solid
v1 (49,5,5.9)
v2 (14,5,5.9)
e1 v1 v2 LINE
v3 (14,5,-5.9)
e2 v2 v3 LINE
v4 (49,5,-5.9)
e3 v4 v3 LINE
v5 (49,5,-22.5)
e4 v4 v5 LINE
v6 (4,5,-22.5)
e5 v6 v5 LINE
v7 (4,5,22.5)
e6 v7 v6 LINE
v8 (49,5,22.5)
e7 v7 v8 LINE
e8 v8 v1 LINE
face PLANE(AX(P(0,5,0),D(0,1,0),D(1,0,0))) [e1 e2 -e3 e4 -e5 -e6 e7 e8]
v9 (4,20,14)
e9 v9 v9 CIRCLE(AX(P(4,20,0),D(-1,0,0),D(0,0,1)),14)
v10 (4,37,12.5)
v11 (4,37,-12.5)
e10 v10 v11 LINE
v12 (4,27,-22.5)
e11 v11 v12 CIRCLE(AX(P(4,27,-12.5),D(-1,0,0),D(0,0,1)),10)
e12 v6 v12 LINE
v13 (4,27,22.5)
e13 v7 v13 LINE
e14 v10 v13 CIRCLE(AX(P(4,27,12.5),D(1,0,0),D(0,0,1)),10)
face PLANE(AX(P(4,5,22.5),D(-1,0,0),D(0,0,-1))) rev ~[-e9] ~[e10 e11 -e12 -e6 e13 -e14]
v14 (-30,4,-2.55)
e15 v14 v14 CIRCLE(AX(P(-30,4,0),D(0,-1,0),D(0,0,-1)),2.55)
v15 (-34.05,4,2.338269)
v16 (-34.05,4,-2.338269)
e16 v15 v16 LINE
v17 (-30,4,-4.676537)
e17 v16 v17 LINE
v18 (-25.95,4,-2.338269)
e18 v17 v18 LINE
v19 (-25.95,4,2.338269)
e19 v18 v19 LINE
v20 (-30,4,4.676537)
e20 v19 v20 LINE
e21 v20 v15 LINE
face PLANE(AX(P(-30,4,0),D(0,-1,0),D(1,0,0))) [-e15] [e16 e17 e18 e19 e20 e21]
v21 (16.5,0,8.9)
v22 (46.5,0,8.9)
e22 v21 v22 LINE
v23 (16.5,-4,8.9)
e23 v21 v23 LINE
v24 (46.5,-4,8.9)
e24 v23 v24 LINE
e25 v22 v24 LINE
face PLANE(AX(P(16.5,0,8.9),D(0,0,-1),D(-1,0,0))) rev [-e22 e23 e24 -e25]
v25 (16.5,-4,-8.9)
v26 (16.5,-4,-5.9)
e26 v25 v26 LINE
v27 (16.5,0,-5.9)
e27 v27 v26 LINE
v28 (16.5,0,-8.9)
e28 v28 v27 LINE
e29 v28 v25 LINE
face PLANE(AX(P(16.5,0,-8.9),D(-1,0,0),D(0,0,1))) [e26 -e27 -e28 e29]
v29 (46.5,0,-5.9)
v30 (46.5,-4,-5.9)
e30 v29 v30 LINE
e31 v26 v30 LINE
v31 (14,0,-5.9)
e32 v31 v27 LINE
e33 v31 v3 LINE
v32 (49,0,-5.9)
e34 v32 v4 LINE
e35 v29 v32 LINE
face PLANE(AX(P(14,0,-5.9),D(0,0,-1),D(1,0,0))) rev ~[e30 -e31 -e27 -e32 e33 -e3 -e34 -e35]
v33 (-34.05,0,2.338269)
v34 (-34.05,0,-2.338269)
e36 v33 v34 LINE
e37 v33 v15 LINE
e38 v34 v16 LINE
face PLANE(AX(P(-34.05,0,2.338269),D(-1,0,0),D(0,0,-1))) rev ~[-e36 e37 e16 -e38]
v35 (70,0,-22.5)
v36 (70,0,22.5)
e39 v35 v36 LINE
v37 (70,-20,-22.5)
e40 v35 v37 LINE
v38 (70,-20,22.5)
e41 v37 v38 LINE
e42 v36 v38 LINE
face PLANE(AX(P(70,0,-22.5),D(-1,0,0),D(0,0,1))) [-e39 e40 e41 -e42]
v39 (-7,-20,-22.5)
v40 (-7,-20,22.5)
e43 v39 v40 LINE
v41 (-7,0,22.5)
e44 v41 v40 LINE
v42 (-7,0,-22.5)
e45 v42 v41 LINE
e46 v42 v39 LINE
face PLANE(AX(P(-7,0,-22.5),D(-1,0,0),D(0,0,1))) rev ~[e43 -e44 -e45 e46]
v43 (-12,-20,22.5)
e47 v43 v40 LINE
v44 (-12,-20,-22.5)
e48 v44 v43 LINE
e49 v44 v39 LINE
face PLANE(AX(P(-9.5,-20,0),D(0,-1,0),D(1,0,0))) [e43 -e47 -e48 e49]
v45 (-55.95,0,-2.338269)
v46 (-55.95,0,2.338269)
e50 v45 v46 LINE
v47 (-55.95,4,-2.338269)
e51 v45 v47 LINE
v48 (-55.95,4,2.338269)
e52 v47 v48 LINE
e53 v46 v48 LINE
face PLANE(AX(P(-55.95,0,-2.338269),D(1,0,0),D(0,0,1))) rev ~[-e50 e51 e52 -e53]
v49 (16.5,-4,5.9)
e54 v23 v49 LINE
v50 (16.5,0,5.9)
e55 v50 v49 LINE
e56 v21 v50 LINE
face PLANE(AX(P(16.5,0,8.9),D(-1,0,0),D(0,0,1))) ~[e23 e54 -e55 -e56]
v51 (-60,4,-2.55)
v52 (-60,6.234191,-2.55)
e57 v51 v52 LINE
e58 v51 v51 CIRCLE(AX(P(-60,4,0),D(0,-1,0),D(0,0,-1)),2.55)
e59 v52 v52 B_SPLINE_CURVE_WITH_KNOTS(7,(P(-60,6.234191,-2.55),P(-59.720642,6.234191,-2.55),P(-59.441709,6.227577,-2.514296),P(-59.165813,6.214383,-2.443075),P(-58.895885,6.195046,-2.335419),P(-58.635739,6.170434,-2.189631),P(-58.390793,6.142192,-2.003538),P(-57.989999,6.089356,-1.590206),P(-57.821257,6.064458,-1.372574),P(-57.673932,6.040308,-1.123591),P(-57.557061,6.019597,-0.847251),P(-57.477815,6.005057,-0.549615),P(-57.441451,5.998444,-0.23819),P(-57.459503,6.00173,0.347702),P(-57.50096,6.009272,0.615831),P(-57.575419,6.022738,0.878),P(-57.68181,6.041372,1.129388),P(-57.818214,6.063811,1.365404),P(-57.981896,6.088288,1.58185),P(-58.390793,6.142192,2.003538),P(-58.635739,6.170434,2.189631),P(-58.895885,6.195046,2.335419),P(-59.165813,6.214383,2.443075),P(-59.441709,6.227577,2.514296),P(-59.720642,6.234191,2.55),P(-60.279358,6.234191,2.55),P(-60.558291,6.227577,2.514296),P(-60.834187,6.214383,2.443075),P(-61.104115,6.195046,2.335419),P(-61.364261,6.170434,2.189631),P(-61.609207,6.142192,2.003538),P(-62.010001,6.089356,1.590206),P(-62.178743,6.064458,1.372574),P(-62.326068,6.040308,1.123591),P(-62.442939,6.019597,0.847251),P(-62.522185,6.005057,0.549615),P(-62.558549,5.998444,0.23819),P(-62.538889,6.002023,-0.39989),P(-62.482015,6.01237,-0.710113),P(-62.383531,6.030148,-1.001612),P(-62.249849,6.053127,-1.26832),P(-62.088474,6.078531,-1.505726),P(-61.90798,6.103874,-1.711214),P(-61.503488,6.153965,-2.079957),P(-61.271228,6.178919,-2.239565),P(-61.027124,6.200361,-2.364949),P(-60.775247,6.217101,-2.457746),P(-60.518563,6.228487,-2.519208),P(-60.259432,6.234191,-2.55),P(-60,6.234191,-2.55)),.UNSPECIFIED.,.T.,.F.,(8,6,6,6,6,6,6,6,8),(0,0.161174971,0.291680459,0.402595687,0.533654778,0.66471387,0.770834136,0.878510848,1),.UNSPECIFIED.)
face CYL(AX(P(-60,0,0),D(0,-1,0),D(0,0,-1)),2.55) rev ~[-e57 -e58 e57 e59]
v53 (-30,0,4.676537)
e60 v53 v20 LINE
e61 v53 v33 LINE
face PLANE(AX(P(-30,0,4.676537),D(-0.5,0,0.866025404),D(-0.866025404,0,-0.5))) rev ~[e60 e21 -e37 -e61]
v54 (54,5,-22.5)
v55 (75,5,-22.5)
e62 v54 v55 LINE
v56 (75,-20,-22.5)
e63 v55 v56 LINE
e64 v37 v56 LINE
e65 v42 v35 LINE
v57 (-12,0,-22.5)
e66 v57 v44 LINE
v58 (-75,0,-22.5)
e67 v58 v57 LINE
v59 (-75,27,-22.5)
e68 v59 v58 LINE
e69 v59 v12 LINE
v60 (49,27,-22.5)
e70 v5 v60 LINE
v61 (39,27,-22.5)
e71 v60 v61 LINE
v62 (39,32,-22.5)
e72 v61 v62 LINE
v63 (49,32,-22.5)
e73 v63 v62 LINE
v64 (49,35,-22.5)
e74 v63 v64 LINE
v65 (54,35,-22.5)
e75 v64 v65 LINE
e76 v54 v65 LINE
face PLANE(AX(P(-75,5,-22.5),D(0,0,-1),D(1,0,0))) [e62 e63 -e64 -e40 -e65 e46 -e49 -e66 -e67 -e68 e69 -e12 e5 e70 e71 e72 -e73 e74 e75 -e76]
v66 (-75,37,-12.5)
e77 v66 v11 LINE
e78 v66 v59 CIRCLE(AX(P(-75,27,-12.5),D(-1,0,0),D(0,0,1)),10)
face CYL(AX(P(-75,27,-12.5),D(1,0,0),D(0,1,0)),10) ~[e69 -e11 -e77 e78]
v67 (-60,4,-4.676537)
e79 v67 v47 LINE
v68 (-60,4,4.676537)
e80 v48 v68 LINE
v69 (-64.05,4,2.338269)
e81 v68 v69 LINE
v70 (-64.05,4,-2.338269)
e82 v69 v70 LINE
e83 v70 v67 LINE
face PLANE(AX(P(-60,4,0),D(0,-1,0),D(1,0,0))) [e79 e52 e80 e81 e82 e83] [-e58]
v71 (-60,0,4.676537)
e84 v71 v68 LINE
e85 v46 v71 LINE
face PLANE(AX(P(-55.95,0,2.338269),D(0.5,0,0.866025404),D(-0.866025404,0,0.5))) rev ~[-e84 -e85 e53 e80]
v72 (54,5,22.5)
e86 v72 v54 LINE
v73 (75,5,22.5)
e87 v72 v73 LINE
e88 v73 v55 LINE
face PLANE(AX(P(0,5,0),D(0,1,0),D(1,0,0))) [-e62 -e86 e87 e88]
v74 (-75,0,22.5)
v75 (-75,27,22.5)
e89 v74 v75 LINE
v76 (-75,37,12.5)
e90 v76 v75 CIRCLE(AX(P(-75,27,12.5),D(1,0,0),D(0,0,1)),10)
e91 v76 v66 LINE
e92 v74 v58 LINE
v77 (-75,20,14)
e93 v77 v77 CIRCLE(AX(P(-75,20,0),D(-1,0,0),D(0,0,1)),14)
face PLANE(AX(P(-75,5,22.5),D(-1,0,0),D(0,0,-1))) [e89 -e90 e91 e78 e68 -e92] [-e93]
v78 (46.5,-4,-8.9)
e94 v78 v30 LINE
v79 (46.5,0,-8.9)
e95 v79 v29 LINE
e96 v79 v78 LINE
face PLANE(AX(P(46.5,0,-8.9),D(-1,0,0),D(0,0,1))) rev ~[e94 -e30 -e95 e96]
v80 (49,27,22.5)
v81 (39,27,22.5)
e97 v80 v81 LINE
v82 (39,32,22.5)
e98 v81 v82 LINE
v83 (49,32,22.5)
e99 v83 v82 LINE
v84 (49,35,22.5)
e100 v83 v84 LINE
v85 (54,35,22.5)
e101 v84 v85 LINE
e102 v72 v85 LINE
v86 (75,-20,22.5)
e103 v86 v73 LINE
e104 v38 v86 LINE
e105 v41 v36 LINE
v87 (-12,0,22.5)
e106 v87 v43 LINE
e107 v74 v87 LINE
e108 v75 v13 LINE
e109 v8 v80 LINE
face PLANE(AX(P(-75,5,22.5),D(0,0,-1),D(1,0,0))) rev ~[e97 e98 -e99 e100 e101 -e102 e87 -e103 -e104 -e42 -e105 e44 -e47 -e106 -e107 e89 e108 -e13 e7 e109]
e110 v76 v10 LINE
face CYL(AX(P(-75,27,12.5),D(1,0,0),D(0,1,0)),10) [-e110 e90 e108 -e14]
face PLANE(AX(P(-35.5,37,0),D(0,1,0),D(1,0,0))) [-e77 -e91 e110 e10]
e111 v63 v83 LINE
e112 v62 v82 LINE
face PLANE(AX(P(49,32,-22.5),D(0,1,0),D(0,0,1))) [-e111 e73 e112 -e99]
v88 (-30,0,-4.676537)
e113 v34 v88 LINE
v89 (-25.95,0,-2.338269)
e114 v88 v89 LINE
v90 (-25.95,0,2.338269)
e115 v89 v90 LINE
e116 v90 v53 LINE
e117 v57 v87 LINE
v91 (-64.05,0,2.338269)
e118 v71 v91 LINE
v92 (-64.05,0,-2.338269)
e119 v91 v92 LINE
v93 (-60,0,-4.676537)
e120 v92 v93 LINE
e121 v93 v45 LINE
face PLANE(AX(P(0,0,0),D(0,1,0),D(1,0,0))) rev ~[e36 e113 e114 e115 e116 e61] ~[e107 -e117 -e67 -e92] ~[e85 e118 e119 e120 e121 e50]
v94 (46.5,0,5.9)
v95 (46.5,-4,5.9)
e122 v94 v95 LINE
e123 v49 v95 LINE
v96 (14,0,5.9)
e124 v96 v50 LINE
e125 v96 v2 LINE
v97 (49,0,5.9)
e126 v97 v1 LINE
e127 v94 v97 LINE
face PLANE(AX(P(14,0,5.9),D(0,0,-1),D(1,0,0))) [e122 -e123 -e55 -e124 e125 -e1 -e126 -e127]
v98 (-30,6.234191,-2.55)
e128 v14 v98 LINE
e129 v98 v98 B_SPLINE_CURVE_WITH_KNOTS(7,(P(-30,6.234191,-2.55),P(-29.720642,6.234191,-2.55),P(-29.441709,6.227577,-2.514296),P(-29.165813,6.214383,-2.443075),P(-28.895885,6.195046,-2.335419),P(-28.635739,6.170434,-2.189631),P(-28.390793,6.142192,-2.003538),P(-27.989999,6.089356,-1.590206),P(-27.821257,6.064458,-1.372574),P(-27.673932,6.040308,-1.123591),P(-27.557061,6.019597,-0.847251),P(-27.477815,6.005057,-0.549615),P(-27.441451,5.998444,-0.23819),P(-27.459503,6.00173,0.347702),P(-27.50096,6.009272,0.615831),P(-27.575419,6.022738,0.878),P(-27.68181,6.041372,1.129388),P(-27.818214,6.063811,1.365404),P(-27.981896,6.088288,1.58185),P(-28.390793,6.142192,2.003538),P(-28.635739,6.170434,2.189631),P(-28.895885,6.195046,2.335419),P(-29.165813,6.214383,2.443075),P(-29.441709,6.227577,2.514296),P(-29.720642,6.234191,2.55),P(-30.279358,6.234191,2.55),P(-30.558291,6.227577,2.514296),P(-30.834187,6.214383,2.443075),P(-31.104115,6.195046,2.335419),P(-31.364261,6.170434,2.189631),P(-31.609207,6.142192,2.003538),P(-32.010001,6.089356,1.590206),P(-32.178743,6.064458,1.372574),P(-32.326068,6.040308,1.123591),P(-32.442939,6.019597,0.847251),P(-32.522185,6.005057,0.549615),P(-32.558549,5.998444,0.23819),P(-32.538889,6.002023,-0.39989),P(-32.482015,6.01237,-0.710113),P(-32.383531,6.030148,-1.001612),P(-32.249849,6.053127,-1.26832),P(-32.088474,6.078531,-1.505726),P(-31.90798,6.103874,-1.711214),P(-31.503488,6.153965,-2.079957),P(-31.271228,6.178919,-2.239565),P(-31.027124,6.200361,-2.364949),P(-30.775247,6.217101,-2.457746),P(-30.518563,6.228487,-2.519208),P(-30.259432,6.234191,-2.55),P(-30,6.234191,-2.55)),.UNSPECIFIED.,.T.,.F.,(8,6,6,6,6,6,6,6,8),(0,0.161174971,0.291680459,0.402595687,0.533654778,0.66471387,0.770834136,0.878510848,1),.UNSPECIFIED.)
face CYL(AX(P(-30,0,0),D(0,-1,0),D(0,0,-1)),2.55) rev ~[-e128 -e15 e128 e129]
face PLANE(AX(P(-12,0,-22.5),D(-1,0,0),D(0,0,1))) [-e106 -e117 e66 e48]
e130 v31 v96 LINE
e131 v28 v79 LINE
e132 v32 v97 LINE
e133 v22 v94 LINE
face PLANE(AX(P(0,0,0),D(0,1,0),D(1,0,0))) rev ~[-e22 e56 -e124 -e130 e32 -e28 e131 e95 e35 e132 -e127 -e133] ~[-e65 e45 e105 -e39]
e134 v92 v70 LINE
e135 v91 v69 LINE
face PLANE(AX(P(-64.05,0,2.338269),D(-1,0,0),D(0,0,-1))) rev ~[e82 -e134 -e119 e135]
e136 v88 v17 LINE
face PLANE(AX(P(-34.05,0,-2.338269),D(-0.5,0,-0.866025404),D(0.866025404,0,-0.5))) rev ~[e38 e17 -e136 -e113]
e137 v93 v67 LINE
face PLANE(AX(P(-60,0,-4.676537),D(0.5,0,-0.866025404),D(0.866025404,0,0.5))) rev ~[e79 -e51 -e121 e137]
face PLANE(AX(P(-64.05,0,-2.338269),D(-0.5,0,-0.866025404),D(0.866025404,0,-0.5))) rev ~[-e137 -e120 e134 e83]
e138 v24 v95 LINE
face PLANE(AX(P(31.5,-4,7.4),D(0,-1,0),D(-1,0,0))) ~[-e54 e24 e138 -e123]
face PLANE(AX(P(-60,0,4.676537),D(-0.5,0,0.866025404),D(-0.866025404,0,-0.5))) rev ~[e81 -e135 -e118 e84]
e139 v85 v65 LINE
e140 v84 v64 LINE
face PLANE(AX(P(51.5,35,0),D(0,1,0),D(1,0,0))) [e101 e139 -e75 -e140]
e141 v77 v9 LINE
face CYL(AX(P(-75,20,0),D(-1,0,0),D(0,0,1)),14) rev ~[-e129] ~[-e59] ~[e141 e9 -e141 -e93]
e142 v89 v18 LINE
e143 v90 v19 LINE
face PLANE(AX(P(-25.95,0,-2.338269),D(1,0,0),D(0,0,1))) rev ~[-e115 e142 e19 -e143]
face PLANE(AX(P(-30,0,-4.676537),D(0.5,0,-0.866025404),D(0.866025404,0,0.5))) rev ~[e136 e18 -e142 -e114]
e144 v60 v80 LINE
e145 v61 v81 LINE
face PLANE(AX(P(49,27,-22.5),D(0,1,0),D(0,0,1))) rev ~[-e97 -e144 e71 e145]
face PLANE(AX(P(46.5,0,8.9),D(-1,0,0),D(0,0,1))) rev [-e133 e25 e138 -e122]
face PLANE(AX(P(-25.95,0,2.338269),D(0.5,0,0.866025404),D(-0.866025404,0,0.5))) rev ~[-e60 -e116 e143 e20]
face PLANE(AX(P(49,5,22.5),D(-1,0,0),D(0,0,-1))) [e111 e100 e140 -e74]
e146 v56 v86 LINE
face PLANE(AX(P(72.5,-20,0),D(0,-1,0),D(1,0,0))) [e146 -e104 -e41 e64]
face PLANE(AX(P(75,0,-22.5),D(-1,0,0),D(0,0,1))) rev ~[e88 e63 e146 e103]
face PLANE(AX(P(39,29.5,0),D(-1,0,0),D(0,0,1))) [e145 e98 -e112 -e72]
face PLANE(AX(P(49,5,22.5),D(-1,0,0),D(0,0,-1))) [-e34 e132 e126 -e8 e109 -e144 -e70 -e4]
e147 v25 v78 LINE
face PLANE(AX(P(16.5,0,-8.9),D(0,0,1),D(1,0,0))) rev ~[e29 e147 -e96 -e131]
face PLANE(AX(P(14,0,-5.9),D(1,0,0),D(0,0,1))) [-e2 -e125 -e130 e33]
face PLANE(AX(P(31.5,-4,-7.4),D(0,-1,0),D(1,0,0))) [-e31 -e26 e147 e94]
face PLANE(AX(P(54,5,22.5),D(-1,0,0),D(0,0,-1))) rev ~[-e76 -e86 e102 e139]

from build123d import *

# Parameters (mm, degrees)
SKETCH1_W           = 150
SKETCH1_H           = 45
BOSS_EXTRUDE1_DEPTH = 5
SKETCH2_W           = 5
SKETCH2_H           = 45
BOSS_EXTRUDE2_DEPTH = 20
SKETCH3_W           = 5
SKETCH3_H           = 45
BOSS_EXTRUDE3_DEPTH = 20
SKETCH4_W           = 35
SKETCH4_H           = 11.8
CUT_EXTRUDE1_DEPTH  = 81.816149376
SKETCH5_W           = 30
SKETCH5_H           = 3
BOSS_EXTRUDE4_DEPTH = 4
SKETCH7_W           = 5
SKETCH7_H           = 45
BOSS_EXTRUDE5_DEPTH = 30
SKETCH8_W           = 79
SKETCH8_H           = 45
BOSS_EXTRUDE6_DEPTH = 32
CUT_EXTRUDE2_REACH  = 158.126
SKETCH9_R           = 14
FILLET1_R           = 10
SKETCH10_W          = 45
SKETCH10_H          = 5
BOSS_EXTRUDE7_DEPTH = 10
CUT_EXTRUDE3_REACH  = 88.604
SKETCH11_R          = 2.55
CUT_EXTRUDE4_DEPTH  = 4
LPATTERN1_COUNT     = 2
LPATTERN1_PITCH     = 30


with BuildPart() as part:
    # Sketch1 → Boss-Extrude1 (new body)
    with BuildSketch(Plane(origin=(0, 0, 0), x_dir=(1, 0, 0), z_dir=(0, 1, 0))):
        Rectangle(SKETCH1_W, SKETCH1_H)
    extrude(amount=BOSS_EXTRUDE1_DEPTH)

    # Sketch2 → Boss-Extrude2 (add)
    with BuildSketch(Plane.XZ):
        with Locations((72.5, 0)):
            Rectangle(SKETCH2_W, SKETCH2_H)
    extrude(amount=BOSS_EXTRUDE2_DEPTH)

    # Sketch3 → Boss-Extrude3 (add)
    with BuildSketch(Plane.XZ):
        with Locations((-9.5, 0)):
            Rectangle(SKETCH3_W, SKETCH3_H)
    extrude(amount=BOSS_EXTRUDE3_DEPTH)

    # Sketch4 → Cut-Extrude1 (cut, through all)
    with BuildSketch(Plane.XZ):
        with Locations((31.5, 0)):
            Rectangle(SKETCH4_W, SKETCH4_H)
    extrude(amount=-CUT_EXTRUDE1_DEPTH, mode=Mode.SUBTRACT)

    # Sketch5 → Boss-Extrude4 (add)
    with BuildSketch(Plane.XZ):
        with Locations((31.5, -7.4)):
            Rectangle(SKETCH5_W, SKETCH5_H)
    boss_extrude4 = extrude(amount=BOSS_EXTRUDE4_DEPTH)

    # Mirror1: Boss-Extrude4 across plane
    add(boss_extrude4.mirror(Plane.XY))

    # Sketch7 → Boss-Extrude5 (add)
    with BuildSketch(Plane(origin=(0, 5, 0), x_dir=(1, 0, 0), z_dir=(0, 1, 0))):
        with Locations((51.5, 0)):
            Rectangle(SKETCH7_W, SKETCH7_H)
    extrude(amount=BOSS_EXTRUDE5_DEPTH)

    # Sketch8 → Boss-Extrude6 (add)
    with BuildSketch(Plane(origin=(0, 5, 0), x_dir=(1, 0, 0), z_dir=(0, 1, 0))):
        with Locations((-35.5, 0)):
            Rectangle(SKETCH8_W, SKETCH8_H)
    extrude(amount=BOSS_EXTRUDE6_DEPTH)

    # Sketch9 → Cut-Extrude2 (cut, up to next)
    with BuildSketch(Plane.ZY.offset(75), mode=Mode.PRIVATE) as cut_extrude2_sk1:
        with Locations((0, 20)):
            Circle(SKETCH9_R)
    cut_extrude2_tool1 = extrude(cut_extrude2_sk1.sketch, amount=-CUT_EXTRUDE2_REACH, mode=Mode.PRIVATE) & part.part
    add(cut_extrude2_tool1.solids().sort_by_distance((-75, 20, 0))[0], mode=Mode.SUBTRACT)

    # Fillet1
    fillet1_edges = [part.edges().sort_by_distance(p)[0] for p in [
        (-35.5, 37, 22.5),
        (-35.5, 37, -22.5),
    ]]
    fillet(fillet1_edges, radius=FILLET1_R)

    # Sketch10 → Boss-Extrude7 (add)
    with BuildSketch(Plane.ZY.offset(-49)):
        with Locations((0, 29.5)):
            Rectangle(SKETCH10_W, SKETCH10_H)
    extrude(amount=BOSS_EXTRUDE7_DEPTH)

    # Sketch11 → Cut-Extrude3 (cut, up to next)
    with BuildSketch(Plane.XZ, mode=Mode.PRIVATE) as cut_extrude3_sk1:
        with Locations(Location((-60, 0, 0), (0, 0, 270))):
            Circle(SKETCH11_R)
    cut_extrude3_tool1 = extrude(cut_extrude3_sk1.sketch, amount=-CUT_EXTRUDE3_REACH, mode=Mode.PRIVATE) & part.part
    cut_extrude3 = cut_extrude3_tool1.solids().sort_by_distance((-60, 0, 0))[0]
    add(cut_extrude3, mode=Mode.SUBTRACT)

    # Sketch12 → Cut-Extrude4 (cut)
    with BuildSketch(Plane.XZ):
        Polygon((-55.95, -2.33826859), (-55.95, 2.33826859), (-60, 4.67653718), (-64.05, 2.33826859), (-64.05, -2.33826859), (-60, -4.67653718), align=None)
    cut_extrude4 = extrude(amount=-CUT_EXTRUDE4_DEPTH, mode=Mode.SUBTRACT)

    # LPattern1: Cut-Extrude3, Cut-Extrude4 ×2
    with Locations(*[(i * LPATTERN1_PITCH, 0, 0) for i in range(1, LPATTERN1_COUNT)]):
        add(cut_extrude3, mode=Mode.SUBTRACT)
        add(cut_extrude4, mode=Mode.SUBTRACT)


solid = part.part
